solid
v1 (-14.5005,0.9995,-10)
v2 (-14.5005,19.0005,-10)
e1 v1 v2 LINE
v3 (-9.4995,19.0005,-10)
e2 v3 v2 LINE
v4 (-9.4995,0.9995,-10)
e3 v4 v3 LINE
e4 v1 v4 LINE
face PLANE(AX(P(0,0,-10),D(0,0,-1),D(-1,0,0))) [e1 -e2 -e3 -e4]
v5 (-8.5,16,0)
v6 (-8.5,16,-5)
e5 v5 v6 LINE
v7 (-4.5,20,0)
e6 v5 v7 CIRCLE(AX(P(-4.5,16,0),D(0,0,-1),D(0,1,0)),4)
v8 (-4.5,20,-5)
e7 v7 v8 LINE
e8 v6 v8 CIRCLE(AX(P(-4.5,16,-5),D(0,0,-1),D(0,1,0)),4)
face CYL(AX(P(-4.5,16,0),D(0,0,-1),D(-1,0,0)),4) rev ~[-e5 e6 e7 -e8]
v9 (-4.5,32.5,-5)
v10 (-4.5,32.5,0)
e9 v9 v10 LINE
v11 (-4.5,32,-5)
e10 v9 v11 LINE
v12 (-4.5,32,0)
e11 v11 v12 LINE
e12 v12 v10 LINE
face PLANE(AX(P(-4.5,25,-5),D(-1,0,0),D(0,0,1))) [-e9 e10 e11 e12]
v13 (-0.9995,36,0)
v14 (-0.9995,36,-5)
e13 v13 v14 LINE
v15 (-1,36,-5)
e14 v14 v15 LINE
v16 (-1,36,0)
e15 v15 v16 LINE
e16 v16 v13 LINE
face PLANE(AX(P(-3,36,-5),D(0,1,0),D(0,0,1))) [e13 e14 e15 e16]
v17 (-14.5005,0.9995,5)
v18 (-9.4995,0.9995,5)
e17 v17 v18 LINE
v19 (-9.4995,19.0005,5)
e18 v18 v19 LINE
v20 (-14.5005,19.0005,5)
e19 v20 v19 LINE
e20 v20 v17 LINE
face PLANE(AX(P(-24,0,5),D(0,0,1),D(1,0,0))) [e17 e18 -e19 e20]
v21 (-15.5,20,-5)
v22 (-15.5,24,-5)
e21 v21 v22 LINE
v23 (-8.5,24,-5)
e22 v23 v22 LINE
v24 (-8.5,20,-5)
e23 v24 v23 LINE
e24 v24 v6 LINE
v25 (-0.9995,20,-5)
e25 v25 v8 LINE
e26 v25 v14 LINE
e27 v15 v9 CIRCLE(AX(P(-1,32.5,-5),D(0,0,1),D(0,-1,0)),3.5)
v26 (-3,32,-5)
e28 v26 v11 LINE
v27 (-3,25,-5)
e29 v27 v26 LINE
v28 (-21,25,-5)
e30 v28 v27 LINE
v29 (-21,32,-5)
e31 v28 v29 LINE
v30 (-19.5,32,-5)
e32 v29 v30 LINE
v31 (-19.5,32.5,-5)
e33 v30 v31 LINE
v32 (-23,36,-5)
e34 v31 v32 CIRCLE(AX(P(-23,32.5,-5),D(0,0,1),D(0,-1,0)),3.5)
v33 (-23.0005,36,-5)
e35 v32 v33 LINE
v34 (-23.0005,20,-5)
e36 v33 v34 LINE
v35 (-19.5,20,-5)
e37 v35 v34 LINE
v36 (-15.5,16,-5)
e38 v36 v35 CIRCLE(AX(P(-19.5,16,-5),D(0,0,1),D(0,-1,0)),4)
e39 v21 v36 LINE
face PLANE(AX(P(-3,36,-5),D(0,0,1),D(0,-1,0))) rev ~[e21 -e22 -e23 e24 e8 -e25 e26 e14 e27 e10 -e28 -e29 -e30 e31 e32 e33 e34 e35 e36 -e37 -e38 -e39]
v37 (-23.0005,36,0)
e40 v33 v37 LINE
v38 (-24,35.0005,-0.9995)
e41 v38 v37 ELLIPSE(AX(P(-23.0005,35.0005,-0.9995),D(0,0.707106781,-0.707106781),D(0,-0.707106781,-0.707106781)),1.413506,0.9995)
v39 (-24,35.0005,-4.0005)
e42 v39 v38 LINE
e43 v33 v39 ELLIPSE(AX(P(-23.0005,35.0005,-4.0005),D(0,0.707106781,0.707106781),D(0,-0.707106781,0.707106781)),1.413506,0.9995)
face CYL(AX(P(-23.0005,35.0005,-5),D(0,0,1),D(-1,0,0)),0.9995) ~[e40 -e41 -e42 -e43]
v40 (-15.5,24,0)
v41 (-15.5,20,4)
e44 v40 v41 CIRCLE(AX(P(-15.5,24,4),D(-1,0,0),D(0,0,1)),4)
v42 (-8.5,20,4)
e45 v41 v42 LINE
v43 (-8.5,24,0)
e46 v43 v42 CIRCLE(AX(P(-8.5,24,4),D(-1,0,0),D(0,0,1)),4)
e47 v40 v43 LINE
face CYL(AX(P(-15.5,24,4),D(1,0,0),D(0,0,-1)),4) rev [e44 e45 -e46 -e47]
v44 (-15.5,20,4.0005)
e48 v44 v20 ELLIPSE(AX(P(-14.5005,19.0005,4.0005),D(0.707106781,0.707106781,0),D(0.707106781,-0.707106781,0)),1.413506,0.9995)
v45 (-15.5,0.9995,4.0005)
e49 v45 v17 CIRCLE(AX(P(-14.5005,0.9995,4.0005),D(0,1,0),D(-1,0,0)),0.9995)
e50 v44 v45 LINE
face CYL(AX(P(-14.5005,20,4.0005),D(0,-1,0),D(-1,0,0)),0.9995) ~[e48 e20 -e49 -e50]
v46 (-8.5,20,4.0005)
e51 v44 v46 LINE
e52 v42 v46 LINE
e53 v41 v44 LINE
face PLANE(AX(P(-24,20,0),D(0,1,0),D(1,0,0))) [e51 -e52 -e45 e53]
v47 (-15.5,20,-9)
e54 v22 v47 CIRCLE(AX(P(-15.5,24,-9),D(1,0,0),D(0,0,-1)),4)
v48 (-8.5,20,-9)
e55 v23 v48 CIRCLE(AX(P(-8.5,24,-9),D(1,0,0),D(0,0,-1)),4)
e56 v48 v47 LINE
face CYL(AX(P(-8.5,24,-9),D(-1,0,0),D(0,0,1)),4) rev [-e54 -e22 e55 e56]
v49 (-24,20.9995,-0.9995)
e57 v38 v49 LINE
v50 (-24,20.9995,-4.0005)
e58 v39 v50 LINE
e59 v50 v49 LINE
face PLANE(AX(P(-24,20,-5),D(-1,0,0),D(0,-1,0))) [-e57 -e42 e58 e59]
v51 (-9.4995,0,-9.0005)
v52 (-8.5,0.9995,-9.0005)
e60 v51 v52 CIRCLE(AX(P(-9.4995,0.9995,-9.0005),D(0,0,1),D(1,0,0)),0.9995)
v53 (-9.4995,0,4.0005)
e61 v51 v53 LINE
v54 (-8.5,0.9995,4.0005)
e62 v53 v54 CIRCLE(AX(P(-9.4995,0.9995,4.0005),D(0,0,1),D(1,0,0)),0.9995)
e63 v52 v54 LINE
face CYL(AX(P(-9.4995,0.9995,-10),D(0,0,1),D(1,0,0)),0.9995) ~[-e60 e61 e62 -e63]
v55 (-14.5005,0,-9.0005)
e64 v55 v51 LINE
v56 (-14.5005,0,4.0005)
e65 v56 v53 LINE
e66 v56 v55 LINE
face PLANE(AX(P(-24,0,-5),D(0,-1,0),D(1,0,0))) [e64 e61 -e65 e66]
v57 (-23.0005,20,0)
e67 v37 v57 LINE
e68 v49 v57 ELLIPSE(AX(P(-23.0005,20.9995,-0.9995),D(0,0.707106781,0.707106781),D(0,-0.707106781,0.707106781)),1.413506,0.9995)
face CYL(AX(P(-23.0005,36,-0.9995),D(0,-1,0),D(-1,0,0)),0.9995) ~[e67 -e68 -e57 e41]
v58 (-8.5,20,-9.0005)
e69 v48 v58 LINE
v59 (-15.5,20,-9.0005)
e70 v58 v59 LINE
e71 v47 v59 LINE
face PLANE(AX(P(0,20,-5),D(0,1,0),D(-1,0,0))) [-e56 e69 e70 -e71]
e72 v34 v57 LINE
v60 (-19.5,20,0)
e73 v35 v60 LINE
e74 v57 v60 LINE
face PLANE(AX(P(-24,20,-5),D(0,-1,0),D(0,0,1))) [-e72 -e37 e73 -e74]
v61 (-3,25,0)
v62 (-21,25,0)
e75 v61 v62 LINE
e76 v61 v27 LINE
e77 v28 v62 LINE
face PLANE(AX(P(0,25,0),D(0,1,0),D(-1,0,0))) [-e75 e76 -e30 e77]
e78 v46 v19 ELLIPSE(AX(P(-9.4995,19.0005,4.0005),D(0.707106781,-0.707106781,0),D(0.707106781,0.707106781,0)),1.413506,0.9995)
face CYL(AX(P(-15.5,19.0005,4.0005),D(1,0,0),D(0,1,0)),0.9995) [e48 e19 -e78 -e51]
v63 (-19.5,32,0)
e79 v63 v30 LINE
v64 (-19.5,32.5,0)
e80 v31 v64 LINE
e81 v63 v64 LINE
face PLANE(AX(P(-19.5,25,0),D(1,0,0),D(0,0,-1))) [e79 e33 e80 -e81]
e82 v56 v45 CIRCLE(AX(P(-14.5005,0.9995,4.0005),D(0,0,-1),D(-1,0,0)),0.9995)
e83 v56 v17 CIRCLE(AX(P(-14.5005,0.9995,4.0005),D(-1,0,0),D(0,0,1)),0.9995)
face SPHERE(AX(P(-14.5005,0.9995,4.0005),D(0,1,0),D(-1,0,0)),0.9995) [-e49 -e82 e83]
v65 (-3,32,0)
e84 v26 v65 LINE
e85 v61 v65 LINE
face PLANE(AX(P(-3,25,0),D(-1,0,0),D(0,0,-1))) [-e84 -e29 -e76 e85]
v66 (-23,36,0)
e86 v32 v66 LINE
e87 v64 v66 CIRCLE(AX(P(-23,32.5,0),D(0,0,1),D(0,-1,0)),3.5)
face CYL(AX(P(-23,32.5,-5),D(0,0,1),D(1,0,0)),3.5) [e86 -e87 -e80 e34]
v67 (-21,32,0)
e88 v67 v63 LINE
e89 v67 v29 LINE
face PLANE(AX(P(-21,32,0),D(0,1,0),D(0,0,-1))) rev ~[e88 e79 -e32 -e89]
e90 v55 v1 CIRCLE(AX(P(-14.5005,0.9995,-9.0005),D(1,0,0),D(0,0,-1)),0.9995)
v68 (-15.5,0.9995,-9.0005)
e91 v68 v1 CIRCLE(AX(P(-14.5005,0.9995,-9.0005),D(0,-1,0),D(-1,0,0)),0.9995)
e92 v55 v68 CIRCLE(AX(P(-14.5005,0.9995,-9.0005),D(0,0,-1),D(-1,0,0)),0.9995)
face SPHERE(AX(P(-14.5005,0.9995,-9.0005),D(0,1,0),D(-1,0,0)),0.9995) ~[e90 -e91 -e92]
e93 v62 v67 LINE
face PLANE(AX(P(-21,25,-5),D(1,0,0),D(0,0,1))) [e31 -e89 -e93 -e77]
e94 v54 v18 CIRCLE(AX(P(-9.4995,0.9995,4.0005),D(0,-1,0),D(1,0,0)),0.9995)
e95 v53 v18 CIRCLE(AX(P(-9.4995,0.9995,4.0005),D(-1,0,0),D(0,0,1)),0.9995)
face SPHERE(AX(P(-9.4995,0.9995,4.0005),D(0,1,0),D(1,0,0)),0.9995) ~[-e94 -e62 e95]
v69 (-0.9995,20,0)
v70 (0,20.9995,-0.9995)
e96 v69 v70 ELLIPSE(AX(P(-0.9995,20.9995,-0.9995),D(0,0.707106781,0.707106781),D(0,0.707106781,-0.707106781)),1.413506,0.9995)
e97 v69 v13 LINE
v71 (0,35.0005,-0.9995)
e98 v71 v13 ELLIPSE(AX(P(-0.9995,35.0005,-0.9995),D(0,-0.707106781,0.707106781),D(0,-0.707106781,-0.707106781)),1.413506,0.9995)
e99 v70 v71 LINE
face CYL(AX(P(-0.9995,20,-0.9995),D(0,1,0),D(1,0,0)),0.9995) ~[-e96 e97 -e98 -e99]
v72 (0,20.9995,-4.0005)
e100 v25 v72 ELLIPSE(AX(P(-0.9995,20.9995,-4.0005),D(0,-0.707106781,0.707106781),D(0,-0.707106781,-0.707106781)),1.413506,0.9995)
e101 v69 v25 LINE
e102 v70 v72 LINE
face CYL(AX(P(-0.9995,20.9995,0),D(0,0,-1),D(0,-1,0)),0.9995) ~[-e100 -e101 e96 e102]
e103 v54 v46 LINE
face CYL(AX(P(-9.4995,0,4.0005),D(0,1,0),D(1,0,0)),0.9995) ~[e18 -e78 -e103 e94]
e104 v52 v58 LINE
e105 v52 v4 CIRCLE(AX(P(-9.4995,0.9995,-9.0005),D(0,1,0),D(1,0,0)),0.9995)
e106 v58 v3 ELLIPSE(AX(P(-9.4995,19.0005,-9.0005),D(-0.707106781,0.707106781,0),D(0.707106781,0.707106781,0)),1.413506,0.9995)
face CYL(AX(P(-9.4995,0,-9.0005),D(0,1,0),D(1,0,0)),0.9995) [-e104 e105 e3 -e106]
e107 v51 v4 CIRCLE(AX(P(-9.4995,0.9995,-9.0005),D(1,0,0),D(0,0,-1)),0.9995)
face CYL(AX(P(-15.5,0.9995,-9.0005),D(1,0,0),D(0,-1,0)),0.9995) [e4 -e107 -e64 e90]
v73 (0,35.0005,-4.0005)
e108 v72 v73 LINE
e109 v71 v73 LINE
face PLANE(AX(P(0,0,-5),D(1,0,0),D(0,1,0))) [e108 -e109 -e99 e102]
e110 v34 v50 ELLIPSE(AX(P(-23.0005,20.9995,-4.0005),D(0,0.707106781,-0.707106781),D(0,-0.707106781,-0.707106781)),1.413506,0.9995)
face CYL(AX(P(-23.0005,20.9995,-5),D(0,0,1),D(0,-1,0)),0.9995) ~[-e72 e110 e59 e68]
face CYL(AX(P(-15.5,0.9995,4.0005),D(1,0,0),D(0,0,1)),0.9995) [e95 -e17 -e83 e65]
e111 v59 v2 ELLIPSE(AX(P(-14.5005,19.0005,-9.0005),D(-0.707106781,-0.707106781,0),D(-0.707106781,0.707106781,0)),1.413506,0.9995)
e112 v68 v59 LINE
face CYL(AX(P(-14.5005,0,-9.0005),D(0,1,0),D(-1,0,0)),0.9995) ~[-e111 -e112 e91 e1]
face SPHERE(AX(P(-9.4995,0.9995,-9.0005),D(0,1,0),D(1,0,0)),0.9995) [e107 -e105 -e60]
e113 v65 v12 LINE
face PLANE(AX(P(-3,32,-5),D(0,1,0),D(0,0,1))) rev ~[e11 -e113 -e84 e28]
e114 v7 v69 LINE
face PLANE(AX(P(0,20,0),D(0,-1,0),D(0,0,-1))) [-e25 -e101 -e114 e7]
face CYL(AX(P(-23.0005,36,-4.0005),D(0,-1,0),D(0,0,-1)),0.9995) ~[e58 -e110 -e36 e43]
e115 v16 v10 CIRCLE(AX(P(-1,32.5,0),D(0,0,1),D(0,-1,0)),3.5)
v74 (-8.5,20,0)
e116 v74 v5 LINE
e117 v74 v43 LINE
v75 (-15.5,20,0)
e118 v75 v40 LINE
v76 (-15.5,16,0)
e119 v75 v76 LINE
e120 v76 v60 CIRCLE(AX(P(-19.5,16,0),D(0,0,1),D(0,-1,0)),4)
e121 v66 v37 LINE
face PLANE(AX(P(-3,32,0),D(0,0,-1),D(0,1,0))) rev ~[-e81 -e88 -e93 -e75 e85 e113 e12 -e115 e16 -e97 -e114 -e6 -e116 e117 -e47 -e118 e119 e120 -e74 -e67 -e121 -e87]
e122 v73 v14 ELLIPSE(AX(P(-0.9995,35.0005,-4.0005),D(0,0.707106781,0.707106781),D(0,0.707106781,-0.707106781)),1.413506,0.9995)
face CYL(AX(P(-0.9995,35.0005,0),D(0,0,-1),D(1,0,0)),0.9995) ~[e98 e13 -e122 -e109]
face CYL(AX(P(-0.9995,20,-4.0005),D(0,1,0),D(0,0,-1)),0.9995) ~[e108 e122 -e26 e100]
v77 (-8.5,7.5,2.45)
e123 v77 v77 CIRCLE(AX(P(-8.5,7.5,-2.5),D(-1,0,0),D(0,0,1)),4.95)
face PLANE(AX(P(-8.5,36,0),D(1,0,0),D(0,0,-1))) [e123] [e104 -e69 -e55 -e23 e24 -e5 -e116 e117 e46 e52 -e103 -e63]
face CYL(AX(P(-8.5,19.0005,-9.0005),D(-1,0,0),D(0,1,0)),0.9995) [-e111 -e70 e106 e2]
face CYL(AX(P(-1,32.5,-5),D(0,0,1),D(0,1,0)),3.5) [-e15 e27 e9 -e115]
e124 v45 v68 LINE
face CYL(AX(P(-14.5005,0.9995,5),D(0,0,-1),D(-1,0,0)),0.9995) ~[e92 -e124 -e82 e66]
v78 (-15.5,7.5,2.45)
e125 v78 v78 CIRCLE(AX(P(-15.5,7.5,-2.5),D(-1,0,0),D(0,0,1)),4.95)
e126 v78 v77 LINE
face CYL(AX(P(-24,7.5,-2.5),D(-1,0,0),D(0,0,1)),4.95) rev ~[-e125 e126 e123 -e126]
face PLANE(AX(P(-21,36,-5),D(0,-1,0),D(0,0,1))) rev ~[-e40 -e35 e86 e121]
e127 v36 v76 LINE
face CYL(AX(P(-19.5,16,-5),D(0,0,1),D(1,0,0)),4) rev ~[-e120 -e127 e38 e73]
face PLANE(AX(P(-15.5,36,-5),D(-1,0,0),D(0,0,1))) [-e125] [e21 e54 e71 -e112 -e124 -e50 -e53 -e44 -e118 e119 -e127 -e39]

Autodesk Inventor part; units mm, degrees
ref_plane "YZ Plane" through (0, 0, 0) normal (1, 0, 0) x (0, 1, 0)
ref_plane "XZ Plane" through (0, 0, 0) normal (0, 1, 0) x (-1, 0, 0)
ref_plane "XY Plane" through (0, 0, 0) normal (0, 0, 1) x (1, 0, 0)
sketch "스케치1" plane through (0, 0, 0) normal (0, 1, 0) x (-1, 0, 0)
  point P0 (0, 0)
sketch "스케치2" plane through (0, 0, 0) normal (0, 1, 0) x (-1, 0, 0)
  line L0 (0, 0) -> (24, 0)
  line L1 (24, 0) -> (24, -5)
  line L2 (24, -5) -> (0, -5)
  line L3 (0, -5) -> (0, 0)
  dimension "d0" = 24
  dimension "d1" = 5
extrude "돌출1" add sketch "스케치2" along normal blind 25
sketch "스케치3" plane through (0, 25, 0) normal (0, 1, 0) x (1, 0, 0)
  line L0 (-21, 0) -> (-3, 0)
  line L1 (-3, 0) -> (-3, 5)
  line L2 (-3, 5) -> (-21, 5)
  line L3 (-21, 5) -> (-21, 0)
  line L4 (0, 5) -> (-24, 5) projected
  line L5 (-24, 0) -> (0, 0) projected
  line L6 (-24, 5) -> (-24, 0) projected
  line L7 (0, 0) -> (0, 5) projected
  dimension "d4" = 3
  dimension "d5" = 3
extrude "돌출2" add sketch "스케치3" along normal blind 11 contours L5 L6 L4 L3 | L1 L4 L7 L5
sketch "스케치4" plane through (-21, 25, 0) normal (1, 0, 0) x (0, 0, -1)
  line L0 (0, 0) -> (0, 11) projected
  line L1 (5, 11) -> (0, 11)
  line L2 (0, 11) -> (0, 7)
  line L3 (0, 7) -> (5, 7)
  line L4 (5, 7) -> (5, 11)
  point P0 (0, -25)
  dimension "d8" = 4
extrude "돌출3" add sketch "스케치4" along normal blind 1.5
sketch "스케치5" plane through (-3, 25, -5) normal (-1, 0, 0) x (0, 0, 1)
  line L0 (0, 11) -> (5, 11) projected
  line L1 (5, 11) -> (0, 11)
  line L2 (0, 11) -> (0, 7)
  line L3 (0, 7) -> (5, 7)
  line L4 (5, 7) -> (5, 11)
  point P0 (5, -25)
  dimension "d11" = 4
extrude "돌출4" add sketch "스케치5" along normal blind 1.5
sketch "스케치6" plane through (-24, 0, 0) normal (0, 0, 1) x (1, 0, 0)
  line L0 (0, 0) -> (24, 0) projected
  line L1 (0, 0) -> (0, 36) projected
  line L2 (24, 0) -> (0, 0)
  line L3 (0, 0) -> (0, 20)
  line L4 (0, 20) -> (24, 20)
  line L5 (24, 20) -> (24, 0)
  line L6 (3, 25) -> (21, 25) projected
  dimension "d14" = 5
extrude "돌출5" add sketch "스케치6" along normal blind 5
sketch "스케치7" plane through (0, 0, -5) normal (0, 0, -1) x (-1, 0, 0)
  line L0 (0, 20) -> (24, 20)
  line L1 (24, 20) -> (24, 0)
  line L2 (24, 0) -> (0, 0)
  line L3 (0, 0) -> (0, 20)
  line L4 (0, 0) -> (0, 36) projected
  line L5 (24, 0) -> (24, 36) projected
  line L6 (24, 0) -> (0, 0) projected
  line L7 (3, 25) -> (21, 25) projected
  dimension "d17" = 5
extrude "돌출6" add sketch "스케치7" along normal blind 5
sketch "스케치8" plane through (0, 36, 0) normal (1, 0, 0) x (0, 0, -1)
  line L0 (10, -16) -> (10, -36) projected
  line L1 (-5, -36) -> (-5, -16) projected
  point P0 (0, -36)
  dimension "d20" = 15
sketch "스케치9" plane through (-24, 36, -5) normal (-1, 0, 0) x (0, 0, 1)
  circle A0 centre (2.5, -28.5) radius 4.95
  line L0 (-5, -36) -> (-5, -16) projected
  line L1 (10, -36) -> (-5, -36) projected
  line L2 (0, 0) -> (5, 0) projected
  point P0 (5, -36)
  dimension "d21" = 9.9
  dimension "d22" = 7.5
  dimension "d23" = 7.5
  dimension "d24" = 36
sketch "스케치10" plane through (-24, 36, -5) normal (-1, 0, 0) x (0, 0, 1)
  line L0 (0, -16) -> (-5, -16) projected
  line L1 (-5, -36) -> (10, -36) projected
  line L2 (-5, -16) -> (10, -16)
  line L3 (10, -16) -> (10, -36)
  line L4 (10, -36) -> (-5, -36)
  line L5 (-5, -36) -> (-5, -16)
  circle A0 centre (2.5, -28.5) radius 4.95 projected
  point P0 (5, -36)
extrude "돌출7" cut sketch "스케치10" against normal blind 50 contours A0
sketch "스케치11" plane through (-24, 36, -5) normal (-1, 0, 0) x (0, 0, 1)
  line L0 (0, -16) -> (-5, -16) projected
  line L1 (10, -16) -> (10, -36) projected
  line L2 (-5, -16) -> (10, -16)
  line L3 (10, -16) -> (10, -36)
  line L4 (10, -36) -> (-5, -36)
  line L5 (-5, -36) -> (-5, -16)
  point P0 (5, -36)
extrude "돌출8" cut sketch "스케치11" against normal blind 8.5
sketch "스케치12" plane through (0, 36, 0) normal (1, 0, 0) x (0, 0, -1)
  line L0 (0, -16) -> (-5, -16) projected
  line L1 (10, -36) -> (10, -16) projected
  line L2 (-5, -16) -> (10, -16)
  line L3 (10, -16) -> (10, -36)
  line L4 (10, -36) -> (-5, -36)
  line L5 (-5, -36) -> (-5, -16)
  point P0 (0, -36)
extrude "돌출9" cut sketch "스케치12" against normal blind 8.5
sketch "스케치13" plane through (-24, 0, 5) normal (0, 0, 1) x (1, 0, 0)
  point P0 (24, 0)
fillet "모깎기1" radius 4 4 edges at (-12, 20, 0) (-15.5, 20, -2.5) (-12, 20, -5) (-8.5, 20, -2.5)
fillet "모깎기2" radius 1 18 edges at (-8.5, 10, -10) (-8.5, 10, 5) (-8.5, 0, -2.5) (-15.5, 10, -10) (-12, 20, -10) (-12, 20, 5) (-15.5, 10, 5) (-15.5, 0, -2.5) (-12, 0, 5) (-12, 0, -10) (0, 20, -2.5) (0, 36, -2.5) (0, 28, -5) (0, 28, 0) (-24, 28, 0) (-24, 28, -5) (-24, 20, -2.5) (-24, 36, -2.5)
fillet "모깎기3" radius 3.5 2 edges at (-4.5, 36, -2.5) (-19.5, 36, -2.5)
sketch "스케치14" plane through (-3, 25, -5) normal (0, 0, -1) x (-1, 0, 0)
  line L0 (18, 7) -> (18, 0) projected
  line L1 (0, 0) -> (0, 7) projected
  point P0 (-3, -25)
  dimension "d34" = 18
sketch "스케치15" plane through (-21, 25, 0) normal (0, 0, 1) x (1, 0, 0)
  line L0 (0, 7) -> (1.5, 7) projected
  line L1 (0, 0) -> (18, 0) projected
  point P0 (21, -25)
  dimension "d35" = 7
sketch "스케치16" plane through (-24, 0, 5) normal (0, 0, 1) x (1, 0, 0)
  line L0 (14.5, 19) -> (14.5, 1) projected
  line L1 (9.5, 1) -> (9.5, 19) projected
  point P0 (24, 0)
  dimension "d36" = 5
sketch "스케치17" plane through (-8.5, 36, 0) normal (1, 0, 0) x (0, 0, -1)
  point P0 (0, -36)
properties part number "보조바퀴 축"
